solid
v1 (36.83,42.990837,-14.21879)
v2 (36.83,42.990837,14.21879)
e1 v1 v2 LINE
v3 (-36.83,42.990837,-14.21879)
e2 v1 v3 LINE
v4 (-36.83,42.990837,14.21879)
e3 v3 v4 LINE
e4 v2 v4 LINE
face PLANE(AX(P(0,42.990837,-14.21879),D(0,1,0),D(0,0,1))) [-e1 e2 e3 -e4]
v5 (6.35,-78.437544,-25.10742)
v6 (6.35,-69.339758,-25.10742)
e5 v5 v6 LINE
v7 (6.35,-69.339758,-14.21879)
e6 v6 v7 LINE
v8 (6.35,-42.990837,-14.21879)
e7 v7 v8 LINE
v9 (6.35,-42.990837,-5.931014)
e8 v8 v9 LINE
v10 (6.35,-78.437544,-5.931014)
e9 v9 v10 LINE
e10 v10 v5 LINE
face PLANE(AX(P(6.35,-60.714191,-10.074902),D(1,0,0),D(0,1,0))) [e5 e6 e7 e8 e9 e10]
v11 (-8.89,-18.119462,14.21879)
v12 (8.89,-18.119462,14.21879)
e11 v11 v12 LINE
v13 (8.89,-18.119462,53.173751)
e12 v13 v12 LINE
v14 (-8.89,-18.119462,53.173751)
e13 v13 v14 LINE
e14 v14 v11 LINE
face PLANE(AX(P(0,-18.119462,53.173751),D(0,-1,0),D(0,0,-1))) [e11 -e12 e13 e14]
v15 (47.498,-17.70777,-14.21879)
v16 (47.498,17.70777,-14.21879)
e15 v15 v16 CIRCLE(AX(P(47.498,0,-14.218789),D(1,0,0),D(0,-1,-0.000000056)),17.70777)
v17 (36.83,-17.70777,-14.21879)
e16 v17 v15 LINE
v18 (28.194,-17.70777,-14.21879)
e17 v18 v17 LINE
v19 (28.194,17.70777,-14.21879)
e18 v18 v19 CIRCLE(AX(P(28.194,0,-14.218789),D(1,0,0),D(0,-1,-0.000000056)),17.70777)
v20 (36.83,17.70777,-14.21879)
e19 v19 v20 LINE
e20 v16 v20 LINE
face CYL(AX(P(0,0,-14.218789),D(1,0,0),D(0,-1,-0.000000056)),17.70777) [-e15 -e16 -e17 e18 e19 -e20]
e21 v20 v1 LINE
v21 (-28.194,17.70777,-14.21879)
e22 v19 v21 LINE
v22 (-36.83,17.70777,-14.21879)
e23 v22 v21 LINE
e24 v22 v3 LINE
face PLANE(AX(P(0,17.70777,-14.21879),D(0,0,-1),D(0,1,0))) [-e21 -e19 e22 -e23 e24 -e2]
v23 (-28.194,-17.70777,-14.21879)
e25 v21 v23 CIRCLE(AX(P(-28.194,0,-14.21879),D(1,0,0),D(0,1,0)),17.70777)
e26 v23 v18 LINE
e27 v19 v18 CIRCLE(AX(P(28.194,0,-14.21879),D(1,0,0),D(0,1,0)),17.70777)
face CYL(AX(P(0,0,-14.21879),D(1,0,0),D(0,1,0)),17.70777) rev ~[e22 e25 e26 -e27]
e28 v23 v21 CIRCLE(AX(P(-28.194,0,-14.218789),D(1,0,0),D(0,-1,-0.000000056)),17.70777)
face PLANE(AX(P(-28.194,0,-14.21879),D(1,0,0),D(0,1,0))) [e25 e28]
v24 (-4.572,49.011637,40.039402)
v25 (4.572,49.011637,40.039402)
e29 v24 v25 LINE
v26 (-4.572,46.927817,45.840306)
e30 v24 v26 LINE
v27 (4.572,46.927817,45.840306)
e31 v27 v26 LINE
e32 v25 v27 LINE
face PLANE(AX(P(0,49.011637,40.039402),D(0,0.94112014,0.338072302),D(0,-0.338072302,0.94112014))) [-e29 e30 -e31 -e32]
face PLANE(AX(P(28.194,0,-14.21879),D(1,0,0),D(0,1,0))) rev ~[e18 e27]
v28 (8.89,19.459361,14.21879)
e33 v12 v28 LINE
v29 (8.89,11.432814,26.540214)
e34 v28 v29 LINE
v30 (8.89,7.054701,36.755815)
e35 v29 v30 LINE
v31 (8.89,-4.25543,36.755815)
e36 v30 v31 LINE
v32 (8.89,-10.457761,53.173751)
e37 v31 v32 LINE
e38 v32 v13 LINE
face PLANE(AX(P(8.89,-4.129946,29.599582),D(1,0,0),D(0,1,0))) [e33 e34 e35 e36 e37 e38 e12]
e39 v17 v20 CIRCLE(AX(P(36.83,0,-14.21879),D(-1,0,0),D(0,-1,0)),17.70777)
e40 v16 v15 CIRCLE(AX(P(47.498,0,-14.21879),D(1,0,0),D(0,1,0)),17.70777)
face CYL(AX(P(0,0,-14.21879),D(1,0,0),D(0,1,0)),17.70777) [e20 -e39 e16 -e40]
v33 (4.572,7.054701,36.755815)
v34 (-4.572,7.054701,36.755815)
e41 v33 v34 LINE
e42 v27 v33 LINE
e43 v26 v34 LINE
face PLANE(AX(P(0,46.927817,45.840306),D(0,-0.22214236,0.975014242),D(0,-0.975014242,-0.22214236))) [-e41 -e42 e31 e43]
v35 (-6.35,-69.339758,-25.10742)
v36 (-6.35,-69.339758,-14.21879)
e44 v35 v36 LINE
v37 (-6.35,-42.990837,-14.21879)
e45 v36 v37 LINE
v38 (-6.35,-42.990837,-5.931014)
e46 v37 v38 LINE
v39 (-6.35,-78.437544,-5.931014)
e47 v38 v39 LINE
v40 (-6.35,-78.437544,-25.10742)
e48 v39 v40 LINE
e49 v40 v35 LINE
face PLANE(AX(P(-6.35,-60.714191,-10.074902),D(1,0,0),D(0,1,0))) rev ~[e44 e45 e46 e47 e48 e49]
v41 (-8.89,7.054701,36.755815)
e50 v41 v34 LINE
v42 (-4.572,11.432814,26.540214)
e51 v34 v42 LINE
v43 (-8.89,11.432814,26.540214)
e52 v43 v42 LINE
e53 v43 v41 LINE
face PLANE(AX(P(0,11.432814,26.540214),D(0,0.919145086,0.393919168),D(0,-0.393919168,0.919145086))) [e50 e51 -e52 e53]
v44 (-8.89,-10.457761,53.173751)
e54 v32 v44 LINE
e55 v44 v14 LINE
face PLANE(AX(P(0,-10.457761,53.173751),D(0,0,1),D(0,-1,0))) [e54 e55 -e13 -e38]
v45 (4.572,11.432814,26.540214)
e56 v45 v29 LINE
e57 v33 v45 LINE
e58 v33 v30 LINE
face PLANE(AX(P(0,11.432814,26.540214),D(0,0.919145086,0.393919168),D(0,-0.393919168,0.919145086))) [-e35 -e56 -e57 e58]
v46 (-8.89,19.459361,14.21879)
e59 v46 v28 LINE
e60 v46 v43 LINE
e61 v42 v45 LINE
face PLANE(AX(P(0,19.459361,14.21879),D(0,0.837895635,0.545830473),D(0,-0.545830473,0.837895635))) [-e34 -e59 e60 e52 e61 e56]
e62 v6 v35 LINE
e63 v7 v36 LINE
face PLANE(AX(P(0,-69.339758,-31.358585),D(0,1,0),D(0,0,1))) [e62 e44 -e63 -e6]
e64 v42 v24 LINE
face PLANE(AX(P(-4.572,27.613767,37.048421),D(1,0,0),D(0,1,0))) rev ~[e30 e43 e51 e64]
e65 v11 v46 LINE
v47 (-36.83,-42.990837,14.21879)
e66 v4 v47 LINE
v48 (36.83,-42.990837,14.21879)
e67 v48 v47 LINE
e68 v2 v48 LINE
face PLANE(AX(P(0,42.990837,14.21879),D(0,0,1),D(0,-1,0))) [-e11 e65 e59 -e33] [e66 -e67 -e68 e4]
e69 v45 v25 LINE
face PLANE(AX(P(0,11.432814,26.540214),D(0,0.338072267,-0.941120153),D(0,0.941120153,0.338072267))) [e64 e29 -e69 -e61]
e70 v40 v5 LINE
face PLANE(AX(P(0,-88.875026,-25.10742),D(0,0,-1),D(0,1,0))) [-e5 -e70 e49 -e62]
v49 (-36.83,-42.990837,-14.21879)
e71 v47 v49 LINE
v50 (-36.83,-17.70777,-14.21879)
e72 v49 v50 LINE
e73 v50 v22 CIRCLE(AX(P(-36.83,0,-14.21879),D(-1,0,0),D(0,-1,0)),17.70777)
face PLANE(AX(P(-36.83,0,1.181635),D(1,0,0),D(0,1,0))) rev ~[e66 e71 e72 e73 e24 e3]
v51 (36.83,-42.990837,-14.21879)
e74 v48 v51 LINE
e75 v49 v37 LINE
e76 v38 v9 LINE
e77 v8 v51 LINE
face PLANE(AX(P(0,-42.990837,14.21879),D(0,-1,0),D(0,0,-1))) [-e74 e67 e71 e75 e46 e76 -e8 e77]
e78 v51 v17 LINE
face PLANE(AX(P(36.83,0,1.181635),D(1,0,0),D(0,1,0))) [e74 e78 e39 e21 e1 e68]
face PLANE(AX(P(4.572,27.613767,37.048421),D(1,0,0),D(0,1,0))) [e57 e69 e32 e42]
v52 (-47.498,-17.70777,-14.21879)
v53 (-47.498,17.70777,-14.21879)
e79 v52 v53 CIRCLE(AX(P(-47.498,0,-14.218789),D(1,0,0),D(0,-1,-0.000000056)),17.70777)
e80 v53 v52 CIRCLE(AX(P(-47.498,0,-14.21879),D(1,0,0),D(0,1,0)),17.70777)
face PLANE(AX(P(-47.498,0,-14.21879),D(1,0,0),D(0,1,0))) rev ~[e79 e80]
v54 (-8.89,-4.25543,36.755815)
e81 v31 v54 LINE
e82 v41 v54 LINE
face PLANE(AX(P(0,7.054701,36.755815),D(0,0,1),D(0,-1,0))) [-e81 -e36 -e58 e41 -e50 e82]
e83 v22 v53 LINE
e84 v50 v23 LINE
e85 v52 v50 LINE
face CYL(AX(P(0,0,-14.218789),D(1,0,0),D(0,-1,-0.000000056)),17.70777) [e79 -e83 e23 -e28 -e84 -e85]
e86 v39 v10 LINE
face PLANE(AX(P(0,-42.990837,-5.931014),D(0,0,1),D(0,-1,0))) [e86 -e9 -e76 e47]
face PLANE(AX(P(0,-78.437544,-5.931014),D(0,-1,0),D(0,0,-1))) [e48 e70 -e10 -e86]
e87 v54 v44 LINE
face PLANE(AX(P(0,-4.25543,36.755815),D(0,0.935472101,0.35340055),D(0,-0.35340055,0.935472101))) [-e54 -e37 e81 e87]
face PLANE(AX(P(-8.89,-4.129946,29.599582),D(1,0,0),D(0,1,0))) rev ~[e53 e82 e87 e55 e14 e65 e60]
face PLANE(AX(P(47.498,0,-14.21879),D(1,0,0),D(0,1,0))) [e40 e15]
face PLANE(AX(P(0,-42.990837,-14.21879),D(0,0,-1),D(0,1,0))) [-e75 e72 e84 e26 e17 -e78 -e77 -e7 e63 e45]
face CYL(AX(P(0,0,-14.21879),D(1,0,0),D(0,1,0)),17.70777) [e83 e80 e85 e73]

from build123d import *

# Parameters (mm, degrees)
F1_DEPTH = 36.83
F2_DEPTH = 47.498
F3_DEPTH = 28.194
F4_DEPTH = 8.89
F5_DEPTH = 4.572
F6_DEPTH = 6.35
F7_W     = 33.954457
F7_H     = 11.318151
F8_DEPTH = 12.7


with BuildPart() as f1:
    # F0 (on Right) → F1 (new body, symmetric)
    with BuildSketch(Plane.YZ):
        with BuildLine():
            Line((-18.119462, 14.21879), (-42.990837, 14.21879))
            Line((-42.990837, 14.21879), (-42.990837, -5.931014))
            Line((-42.990837, -5.931014), (-42.990837, -14.21879))
            Line((-42.990837, -14.21879), (-17.70777, -14.21879))
            ThreePointArc((-17.70777, -14.21879), (0, 3.48898), (17.70777, -14.21879))
            Line((17.70777, -14.21879), (42.990837, -14.21879))
            Line((42.990837, -14.21879), (42.990837, 14.21879))
            Line((42.990837, 14.21879), (19.459361, 14.21879))
            Line((19.459361, 14.21879), (-18.119462, 14.21879))
        make_face()
    extrude(amount=F1_DEPTH, both=True)

    # F0 (on Right) → F2 (join, symmetric)
    with BuildSketch(Plane.YZ):
        with BuildLine():
            ThreePointArc((17.70777, -14.21879), (0, 3.48898), (-17.70777, -14.21879))
            ThreePointArc((-17.70777, -14.21879), (0, -31.926559), (17.70777, -14.21879))
        make_face()
    extrude(amount=F2_DEPTH, both=True)

    # F0 (on Right) → F3 (cut, symmetric)
    with BuildSketch(Plane.YZ):
        with BuildLine():
            ThreePointArc((17.70777, -14.21879), (0, 3.48898), (-17.70777, -14.21879))
            ThreePointArc((-17.70777, -14.21879), (0, -31.926559), (17.70777, -14.21879))
        make_face()
    extrude(amount=F3_DEPTH, both=True, mode=Mode.SUBTRACT)

    # F0 (on Right) → F4 (join, symmetric)
    with BuildSketch(Plane.YZ):
        Polygon((-18.119462, 53.173751), (-18.119462, 14.21879), (19.459361, 14.21879), (11.432814, 26.540214), (7.054701, 36.755815), (-4.25543, 36.755815), (-10.457761, 53.173751), align=None)
    extrude(amount=F4_DEPTH, both=True)

    # F0 (on Right) → F5 (join, symmetric)
    with BuildSketch(Plane.YZ):
        Polygon((7.054701, 36.755815), (11.432814, 26.540214), (49.011637, 40.039402), (46.927817, 45.840306), align=None)
    extrude(amount=F5_DEPTH, both=True)

    # F0 (on Right) → F6 (join, symmetric)
    with BuildSketch(Plane.YZ):
        Polygon((-42.990837, -14.21879), (-42.990837, -5.931014), (-78.437544, -5.931014), (-78.437544, -14.21879), (-69.339758, -14.21879), align=None)
        Polygon((-69.339758, -31.358585), (-69.339758, -14.21879), (-78.437544, -14.21879), (-78.437544, -31.283986), align=None)
    extrude(amount=F6_DEPTH, both=True)

    # F7 (on Right) → F8 (cut, symmetric)
    with BuildSketch(Plane.YZ):
        with Locations((-71.897797, -30.766496)):
            Rectangle(F7_W, F7_H)
    extrude(amount=F8_DEPTH, both=True, mode=Mode.SUBTRACT)


solid = f1.part
